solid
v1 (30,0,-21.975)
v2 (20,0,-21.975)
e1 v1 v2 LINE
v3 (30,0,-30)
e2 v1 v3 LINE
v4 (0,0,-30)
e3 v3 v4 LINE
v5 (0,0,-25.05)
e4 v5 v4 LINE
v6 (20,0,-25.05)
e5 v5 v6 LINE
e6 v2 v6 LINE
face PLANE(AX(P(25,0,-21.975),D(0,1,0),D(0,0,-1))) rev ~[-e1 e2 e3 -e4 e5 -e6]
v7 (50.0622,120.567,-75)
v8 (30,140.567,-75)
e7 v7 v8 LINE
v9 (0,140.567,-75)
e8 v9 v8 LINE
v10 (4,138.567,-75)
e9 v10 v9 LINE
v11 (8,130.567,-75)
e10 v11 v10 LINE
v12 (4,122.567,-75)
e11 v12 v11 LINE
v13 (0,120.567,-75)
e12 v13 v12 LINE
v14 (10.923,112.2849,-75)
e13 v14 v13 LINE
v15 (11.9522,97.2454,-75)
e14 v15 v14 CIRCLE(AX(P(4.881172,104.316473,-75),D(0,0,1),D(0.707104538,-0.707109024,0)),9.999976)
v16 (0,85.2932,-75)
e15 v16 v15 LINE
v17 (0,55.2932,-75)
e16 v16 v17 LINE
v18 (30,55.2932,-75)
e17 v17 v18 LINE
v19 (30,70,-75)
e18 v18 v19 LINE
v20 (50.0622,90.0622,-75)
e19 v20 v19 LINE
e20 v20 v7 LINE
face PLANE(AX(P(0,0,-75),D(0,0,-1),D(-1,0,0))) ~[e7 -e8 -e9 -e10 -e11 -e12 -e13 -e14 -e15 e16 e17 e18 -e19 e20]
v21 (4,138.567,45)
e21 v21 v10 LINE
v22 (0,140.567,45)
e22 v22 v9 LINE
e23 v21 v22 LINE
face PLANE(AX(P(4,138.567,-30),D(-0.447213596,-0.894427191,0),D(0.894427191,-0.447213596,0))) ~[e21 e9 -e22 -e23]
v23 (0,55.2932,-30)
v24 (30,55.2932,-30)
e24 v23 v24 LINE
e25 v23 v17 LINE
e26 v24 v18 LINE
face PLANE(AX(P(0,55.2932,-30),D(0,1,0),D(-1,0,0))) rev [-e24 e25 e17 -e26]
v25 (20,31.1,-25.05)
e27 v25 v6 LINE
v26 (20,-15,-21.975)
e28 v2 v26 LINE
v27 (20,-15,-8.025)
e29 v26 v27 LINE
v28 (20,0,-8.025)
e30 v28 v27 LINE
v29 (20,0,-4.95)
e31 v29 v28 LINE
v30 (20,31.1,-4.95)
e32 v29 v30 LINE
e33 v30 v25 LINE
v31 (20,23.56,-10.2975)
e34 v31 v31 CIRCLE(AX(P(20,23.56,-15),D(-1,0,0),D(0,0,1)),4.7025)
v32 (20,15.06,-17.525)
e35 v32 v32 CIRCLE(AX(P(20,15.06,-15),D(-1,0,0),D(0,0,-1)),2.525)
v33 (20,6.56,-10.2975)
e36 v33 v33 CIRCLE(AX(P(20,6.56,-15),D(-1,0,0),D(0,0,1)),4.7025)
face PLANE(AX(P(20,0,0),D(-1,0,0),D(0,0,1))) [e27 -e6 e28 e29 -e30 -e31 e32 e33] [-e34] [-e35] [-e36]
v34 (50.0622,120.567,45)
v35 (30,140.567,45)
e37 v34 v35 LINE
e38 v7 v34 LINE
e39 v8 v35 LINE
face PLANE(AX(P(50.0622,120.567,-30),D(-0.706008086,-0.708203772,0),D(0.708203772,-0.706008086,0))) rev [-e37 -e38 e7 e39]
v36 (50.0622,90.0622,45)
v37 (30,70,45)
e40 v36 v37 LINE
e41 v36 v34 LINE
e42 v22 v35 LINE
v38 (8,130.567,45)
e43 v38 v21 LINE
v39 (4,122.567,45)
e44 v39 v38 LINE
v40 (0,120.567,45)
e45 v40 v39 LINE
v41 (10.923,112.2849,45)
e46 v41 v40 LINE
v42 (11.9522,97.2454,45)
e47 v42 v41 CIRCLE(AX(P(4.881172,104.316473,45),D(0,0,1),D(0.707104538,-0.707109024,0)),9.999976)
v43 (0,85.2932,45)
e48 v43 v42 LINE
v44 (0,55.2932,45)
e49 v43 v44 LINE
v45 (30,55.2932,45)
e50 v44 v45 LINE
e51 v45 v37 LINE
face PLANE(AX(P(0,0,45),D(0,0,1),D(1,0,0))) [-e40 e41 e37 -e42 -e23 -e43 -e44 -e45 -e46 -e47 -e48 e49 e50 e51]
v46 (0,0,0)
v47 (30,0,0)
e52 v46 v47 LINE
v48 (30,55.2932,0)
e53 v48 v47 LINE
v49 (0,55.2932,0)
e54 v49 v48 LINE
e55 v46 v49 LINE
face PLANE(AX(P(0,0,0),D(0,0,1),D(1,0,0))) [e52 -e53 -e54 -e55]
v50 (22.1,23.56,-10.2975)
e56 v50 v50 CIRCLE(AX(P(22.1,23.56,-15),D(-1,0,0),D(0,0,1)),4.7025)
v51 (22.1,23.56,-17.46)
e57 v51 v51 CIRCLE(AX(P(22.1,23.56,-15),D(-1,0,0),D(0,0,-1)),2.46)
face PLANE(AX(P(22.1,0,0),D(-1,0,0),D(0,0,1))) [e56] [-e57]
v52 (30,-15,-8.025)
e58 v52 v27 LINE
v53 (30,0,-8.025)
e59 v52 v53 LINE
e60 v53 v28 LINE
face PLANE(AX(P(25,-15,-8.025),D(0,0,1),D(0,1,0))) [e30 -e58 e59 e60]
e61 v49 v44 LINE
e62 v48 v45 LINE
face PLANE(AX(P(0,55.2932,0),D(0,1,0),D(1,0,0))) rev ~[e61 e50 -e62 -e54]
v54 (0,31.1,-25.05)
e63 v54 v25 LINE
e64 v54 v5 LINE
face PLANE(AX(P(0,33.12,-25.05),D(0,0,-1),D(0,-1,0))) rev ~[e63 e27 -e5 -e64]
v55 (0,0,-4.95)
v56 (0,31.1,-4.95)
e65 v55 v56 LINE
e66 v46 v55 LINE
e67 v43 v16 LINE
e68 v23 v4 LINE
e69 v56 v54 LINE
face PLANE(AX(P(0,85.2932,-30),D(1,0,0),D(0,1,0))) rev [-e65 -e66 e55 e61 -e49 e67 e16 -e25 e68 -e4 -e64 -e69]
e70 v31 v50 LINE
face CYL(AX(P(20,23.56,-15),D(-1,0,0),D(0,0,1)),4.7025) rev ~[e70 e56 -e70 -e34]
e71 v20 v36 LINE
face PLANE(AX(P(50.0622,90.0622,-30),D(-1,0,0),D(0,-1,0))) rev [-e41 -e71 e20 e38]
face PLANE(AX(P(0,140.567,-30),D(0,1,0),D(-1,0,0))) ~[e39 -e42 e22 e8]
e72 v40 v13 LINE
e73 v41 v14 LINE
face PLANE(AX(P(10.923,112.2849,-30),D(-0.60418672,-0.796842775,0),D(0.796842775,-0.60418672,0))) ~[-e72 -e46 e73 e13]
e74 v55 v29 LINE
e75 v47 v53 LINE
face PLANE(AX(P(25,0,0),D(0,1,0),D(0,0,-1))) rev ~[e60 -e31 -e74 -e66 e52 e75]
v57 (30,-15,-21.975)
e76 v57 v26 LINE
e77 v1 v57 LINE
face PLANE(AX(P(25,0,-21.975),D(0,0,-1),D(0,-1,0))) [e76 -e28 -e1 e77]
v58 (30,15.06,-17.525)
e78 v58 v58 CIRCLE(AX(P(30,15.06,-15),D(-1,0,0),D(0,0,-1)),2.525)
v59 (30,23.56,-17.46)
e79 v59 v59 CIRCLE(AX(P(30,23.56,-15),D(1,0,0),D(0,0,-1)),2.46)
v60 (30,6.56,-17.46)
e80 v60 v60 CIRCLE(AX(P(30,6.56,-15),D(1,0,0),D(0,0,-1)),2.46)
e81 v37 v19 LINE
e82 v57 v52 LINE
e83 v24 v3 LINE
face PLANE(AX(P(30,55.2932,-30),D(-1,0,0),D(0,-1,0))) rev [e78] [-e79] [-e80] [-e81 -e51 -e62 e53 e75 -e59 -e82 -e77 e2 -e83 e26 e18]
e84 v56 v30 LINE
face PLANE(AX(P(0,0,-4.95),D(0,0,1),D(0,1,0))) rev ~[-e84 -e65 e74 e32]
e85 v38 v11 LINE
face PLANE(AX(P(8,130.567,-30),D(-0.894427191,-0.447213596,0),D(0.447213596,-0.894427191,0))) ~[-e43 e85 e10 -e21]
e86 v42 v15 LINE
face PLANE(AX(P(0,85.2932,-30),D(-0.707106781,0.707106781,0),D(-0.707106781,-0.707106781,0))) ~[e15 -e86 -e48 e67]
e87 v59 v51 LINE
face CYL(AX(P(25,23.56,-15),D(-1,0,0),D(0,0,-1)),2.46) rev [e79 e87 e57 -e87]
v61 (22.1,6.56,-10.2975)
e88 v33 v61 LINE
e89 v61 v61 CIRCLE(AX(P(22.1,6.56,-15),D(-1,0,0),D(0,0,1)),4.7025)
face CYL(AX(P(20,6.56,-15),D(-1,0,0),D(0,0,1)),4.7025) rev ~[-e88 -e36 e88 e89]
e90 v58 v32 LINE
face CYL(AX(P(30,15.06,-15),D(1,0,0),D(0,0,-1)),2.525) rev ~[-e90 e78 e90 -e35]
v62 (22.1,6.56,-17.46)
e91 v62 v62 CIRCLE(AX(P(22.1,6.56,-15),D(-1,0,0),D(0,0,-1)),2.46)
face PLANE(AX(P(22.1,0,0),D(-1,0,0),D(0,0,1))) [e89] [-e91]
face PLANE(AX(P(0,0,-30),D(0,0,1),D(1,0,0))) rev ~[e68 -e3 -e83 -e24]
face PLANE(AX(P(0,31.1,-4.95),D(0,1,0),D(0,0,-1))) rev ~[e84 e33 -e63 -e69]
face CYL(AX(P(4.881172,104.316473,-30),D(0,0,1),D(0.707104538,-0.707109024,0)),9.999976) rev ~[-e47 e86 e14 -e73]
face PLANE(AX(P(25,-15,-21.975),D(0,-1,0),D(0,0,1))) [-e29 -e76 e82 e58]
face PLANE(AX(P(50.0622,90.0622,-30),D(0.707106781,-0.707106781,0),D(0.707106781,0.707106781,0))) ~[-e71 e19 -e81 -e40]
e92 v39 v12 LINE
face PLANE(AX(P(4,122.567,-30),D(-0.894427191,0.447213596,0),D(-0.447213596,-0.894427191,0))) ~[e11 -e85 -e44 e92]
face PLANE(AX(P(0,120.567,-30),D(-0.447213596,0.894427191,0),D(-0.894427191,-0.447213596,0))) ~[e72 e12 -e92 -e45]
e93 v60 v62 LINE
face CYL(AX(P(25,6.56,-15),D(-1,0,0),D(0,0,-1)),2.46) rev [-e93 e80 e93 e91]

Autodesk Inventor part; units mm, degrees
ref_plane "YZ Plane" through (0, 0, 0) normal (1, 0, 0) x (0, 1, 0)
ref_plane "XZ Plane" through (0, 0, 0) normal (0, 1, 0) x (-1, 0, 0)
sketch "Sketch1" plane through (0, 0, 0) normal (0, 0, 1) x (1, 0, 0)
  line L0 (0, 0) -> (25, 0)
  line L1 (25, 0) -> (25, 40)
  line L2 (25, 40) -> (0, 40)
  line L3 (0, 40) -> (0, 0)
  dimension "d1" = 25
  dimension "d2" = 40
  dimension "d3" = 25
extrude "Extrusion1" add sketch "Sketch1" against normal blind 30
sketch "Sketch2" plane through (25, 0, 0) normal (1, 0, 0) x (0, 0, -1)
  line L0 (0, 0) -> (30, 0) projected
  circle A0 centre (15, 6.56) radius 2.46
extrude "Extrusion2" cut sketch "Sketch2" against normal blind 30
sketch "Sketch3" plane through (0, 0, 0) normal (-1, 0, 0) x (0, 0, 1)
  line L0 (0, 0) -> (-30, 0) projected
  line L1 (-25.05, 0) -> (-4.95, 0)
  line L2 (-4.95, 0) -> (-4.95, 33.12)
  line L3 (-4.95, 33.12) -> (-25.05, 33.12)
  line L4 (-25.05, 33.12) -> (-25.05, 0)
  dimension "d11" = 20.1
extrude "Extrusion3" cut sketch "Sketch3" against normal blind 20
sketch "Sketch4" plane through (0, 0, 0) normal (0, -1, 0) x (1, 0, 0)
  line L0 (20, -4.95) -> (20, -25.05) projected
  line L1 (20, -15) -> (25, -15)
  line L2 (25, 0) -> (25, -30) projected
  line L3 (20, -8.025) -> (25, -8.025)
  line L4 (25, -8.025) -> (25, -21.975)
  line L5 (25, -21.975) -> (20, -21.975)
  line L6 (20, -21.975) -> (20, -8.025)
  line L7 (20, -8.025) -> (25, -21.975) construction
  line L8 (25, -8.025) -> (20, -21.975) construction
  line L9 (25, -12.54) -> (25, -17.46) projected
  point P0 (0, 0)
  point P1 (22.5, -15)
  dimension "d14" = 13.95
extrude "Extrusion4" add sketch "Sketch4" along normal blind 15
sketch "Sketch5" plane through (20, 0, 0) normal (-1, 0, 0) x (0, 0, 1)
  circle A0 centre (-15, 6.56) radius 2.46 projected
  circle A1 centre (-15, 6.56) radius 4.7025
  circle A2 centre (-15, 6.56) radius 2.46 projected
  circle A3 centre (-15, 6.56) radius 2.46
  point P0 (0, 0)
  dimension "d17" = 9.405
extrude "Extrusion5" cut sketch "Sketch5" against normal blind 2.1
sketch "Sketch6" plane through (25, 0, 0) normal (1, 0, 0) x (0, 0, -1)
  circle A0 centre (15, 6.56) radius 4.7025 projected
  line L0 (15, 6.56) -> (15, 23.56)
  circle A1 centre (15, 23.56) radius 2.46
  point P0 (0, 0)
  dimension "d20" = 17
  dimension "d21" = 4.92
extrude "Extrusion6" cut sketch "Sketch6" against normal blind 10 contours A1
sketch "Sketch7" plane through (20, 0, 0) normal (-1, 0, 0) x (0, 0, 1)
  circle A0 centre (-15, 23.56) radius 2.46 projected
  circle A1 centre (-15, 23.56) radius 4.7025
  point P0 (0, 0)
  dimension "d24" = 9.405
extrude "Extrusion7" cut sketch "Sketch7" against normal blind 2.1
sketch "Sketch9" plane through (25, 0, 0) normal (1, 0, 0) x (0, 0, -1)
  circle A0 centre (15, 6.56) radius 2.46 projected
  circle A1 centre (15, 6.56) radius 2.46
  circle A2 centre (15, 23.56) radius 2.46 projected
  circle A3 centre (15, 23.56) radius 2.46
  line L0 (30, 40) -> (30, 0) projected
  line L1 (30, 0) -> (30, 40)
  line L2 (30, 40) -> (0, 40)
  line L3 (0, 40) -> (0, 0)
  line L4 (0, 0) -> (8.025, 0) projected
  line L5 (21.975, 0) -> (21.975, -15)
  line L6 (21.975, -15) -> (8.025, -15)
  line L7 (8.025, -15) -> (8.025, 0)
  line L8 (0, 0) -> (8.025, 0)
  line L9 (21.975, 0) -> (30, 0)
extrude "Extrusion8" add sketch "Sketch9" along normal blind 5
sketch "Sketch10" plane through (0, 40, 0) normal (0, 1, 0) x (1, 0, 0)
  line L0 (0, 30) -> (30, 30) projected
  line L1 (30, 0) -> (0, 0) projected
  line L2 (0, 30) -> (30, 30)
  line L3 (30, 30) -> (30, 0)
  line L4 (30, 0) -> (0, 0)
  line L5 (0, 0) -> (0, 30)
extrude "Extrusion9" add sketch "Sketch10" along normal blind 30
sketch "Sketch12" plane through (30, 0, 0) normal (1, 0, 0) x (0, 0, -1)
  circle A0 centre (15, 6.56) radius 2.46 projected
  line L0 (15, 6.56) -> (15, 15.06)
  circle A1 centre (15, 15.06) radius 2.525
  point P0 (0, 0)
  dimension "d31" = 8.5
  dimension "d33" = 5.05
extrude "Extrusion10" cut sketch "Sketch12" against normal blind 30 contours A1
sketch "Sketch15" plane through (0, 0, -25.05) normal (-1, 0, 0) x (0, 0, 1)
  line L0 (0, 33.12) -> (20.1, 33.12) projected
  line L1 (20.1, 33.12) -> (20.1, 0) projected
  line L2 (0, 33.12) -> (20.1, 33.12)
  line L3 (20.1, 33.12) -> (20.1, 31.1)
  line L4 (20.1, 31.1) -> (0, 31.1)
  line L5 (0, 31.1) -> (0, 33.12)
  point P0 (25.05, 0)
  dimension "d57" = 2.02
extrude "Extrusion13" add sketch "Sketch15" against normal blind 20
sketch "Sketch17" plane through (0, 0, 0) normal (0, 0, 1) x (1, 0, 0)
  line L0 (0, 70) -> (30, 70) projected
  line L1 (30, 70) -> (50.0622, 90.0622)
  line L2 (30, 70) -> (80, 70) construction
  line L3 (11.9522, 97.2454) -> (0, 85.2932)
  line L4 (0, 70) -> (0, 85.2932)
  line L5 (0, 70) -> (0, 0) projected
  line L6 (0, 70) -> (30, 70)
  line L7 (10.923, 112.2849) -> (0, 120.567)
  line L8 (50.0622, 105.3553) -> (50.0622, 120.567)
  line L9 (50.0622, 105.3553) -> (50.0622, 90.0622)
  arc A0 (11.9522, 97.2454) -> (10.923, 112.2849) centre (4.8811, 104.3165) ccw
  line L10 (4, 138.567) -> (0, 140.567)
  line L11 (4, 122.567) -> (0, 120.567)
  line L12 (4, 122.567) -> (8, 130.567)
  line L13 (4, 138.567) -> (8, 130.567)
  line L14 (0, 140.567) -> (30, 140.567)
  line L15 (30, 140.567) -> (50.0622, 120.567)
  dimension "d61" = 45
  dimension "d62" = 32.0271
  dimension "d72" = 10
extrude "Extrusion14" add sketch "Sketch17" against normal blind 30
sketch "Sketch21" plane through (0, 0, 0) normal (0, 0, 1) x (1, 0, 0)
  line L0 (50.0622, 90.0622) -> (30, 70) projected
  line L1 (30, 70) -> (50.0622, 90.0622)
  line L2 (50.0622, 90.0622) -> (50.0622, 120.567) projected
  line L3 (50.0622, 90.0622) -> (50.0622, 120.567)
  line L4 (0, 140.567) -> (30, 140.567) projected
  line L5 (50.0622, 120.567) -> (30, 140.567)
  line L6 (30, 140.567) -> (0, 140.567)
  line L7 (4, 138.567) -> (0, 140.567) projected
  line L8 (0, 140.567) -> (4, 138.567)
  line L9 (8, 130.567) -> (4, 138.567) projected
  line L10 (4, 138.567) -> (8, 130.567)
  line L11 (4, 122.567) -> (8, 130.567) projected
  line L12 (8, 130.567) -> (4, 122.567)
  line L13 (0, 120.567) -> (4, 122.567) projected
  line L14 (4, 122.567) -> (0, 120.567)
  line L15 (10.923, 112.2849) -> (0, 120.567) projected
  line L16 (0, 120.567) -> (10.923, 112.2849)
  line L17 (0, 85.2932) -> (11.9522, 97.2454) projected
  line L18 (11.9522, 97.2454) -> (0, 85.2932)
  line L19 (0, 85.2932) -> (0, 55.2932)
  line L20 (0, 55.2932) -> (30, 55.2932)
  line L21 (30, 55.2932) -> (30, 70)
  arc A0 (11.9522, 97.2454) -> (10.923, 112.2849) centre (4.8811, 104.3165) ccw
  dimension "d79" = 30
  dimension "d81" = 30
extrude "Extrusion15" add sketch "Sketch21" along normal blind 45
ref_plane "Work Plane1" through (0, 0, -15) normal (0, 0, 1) x (1, 0, 0)
mirror "Mirror1" about plane through (0, 0, -15) normal (0, 0, 1) of "Extrusion15"
properties part number "rec_c_16mm_x_120mm"
